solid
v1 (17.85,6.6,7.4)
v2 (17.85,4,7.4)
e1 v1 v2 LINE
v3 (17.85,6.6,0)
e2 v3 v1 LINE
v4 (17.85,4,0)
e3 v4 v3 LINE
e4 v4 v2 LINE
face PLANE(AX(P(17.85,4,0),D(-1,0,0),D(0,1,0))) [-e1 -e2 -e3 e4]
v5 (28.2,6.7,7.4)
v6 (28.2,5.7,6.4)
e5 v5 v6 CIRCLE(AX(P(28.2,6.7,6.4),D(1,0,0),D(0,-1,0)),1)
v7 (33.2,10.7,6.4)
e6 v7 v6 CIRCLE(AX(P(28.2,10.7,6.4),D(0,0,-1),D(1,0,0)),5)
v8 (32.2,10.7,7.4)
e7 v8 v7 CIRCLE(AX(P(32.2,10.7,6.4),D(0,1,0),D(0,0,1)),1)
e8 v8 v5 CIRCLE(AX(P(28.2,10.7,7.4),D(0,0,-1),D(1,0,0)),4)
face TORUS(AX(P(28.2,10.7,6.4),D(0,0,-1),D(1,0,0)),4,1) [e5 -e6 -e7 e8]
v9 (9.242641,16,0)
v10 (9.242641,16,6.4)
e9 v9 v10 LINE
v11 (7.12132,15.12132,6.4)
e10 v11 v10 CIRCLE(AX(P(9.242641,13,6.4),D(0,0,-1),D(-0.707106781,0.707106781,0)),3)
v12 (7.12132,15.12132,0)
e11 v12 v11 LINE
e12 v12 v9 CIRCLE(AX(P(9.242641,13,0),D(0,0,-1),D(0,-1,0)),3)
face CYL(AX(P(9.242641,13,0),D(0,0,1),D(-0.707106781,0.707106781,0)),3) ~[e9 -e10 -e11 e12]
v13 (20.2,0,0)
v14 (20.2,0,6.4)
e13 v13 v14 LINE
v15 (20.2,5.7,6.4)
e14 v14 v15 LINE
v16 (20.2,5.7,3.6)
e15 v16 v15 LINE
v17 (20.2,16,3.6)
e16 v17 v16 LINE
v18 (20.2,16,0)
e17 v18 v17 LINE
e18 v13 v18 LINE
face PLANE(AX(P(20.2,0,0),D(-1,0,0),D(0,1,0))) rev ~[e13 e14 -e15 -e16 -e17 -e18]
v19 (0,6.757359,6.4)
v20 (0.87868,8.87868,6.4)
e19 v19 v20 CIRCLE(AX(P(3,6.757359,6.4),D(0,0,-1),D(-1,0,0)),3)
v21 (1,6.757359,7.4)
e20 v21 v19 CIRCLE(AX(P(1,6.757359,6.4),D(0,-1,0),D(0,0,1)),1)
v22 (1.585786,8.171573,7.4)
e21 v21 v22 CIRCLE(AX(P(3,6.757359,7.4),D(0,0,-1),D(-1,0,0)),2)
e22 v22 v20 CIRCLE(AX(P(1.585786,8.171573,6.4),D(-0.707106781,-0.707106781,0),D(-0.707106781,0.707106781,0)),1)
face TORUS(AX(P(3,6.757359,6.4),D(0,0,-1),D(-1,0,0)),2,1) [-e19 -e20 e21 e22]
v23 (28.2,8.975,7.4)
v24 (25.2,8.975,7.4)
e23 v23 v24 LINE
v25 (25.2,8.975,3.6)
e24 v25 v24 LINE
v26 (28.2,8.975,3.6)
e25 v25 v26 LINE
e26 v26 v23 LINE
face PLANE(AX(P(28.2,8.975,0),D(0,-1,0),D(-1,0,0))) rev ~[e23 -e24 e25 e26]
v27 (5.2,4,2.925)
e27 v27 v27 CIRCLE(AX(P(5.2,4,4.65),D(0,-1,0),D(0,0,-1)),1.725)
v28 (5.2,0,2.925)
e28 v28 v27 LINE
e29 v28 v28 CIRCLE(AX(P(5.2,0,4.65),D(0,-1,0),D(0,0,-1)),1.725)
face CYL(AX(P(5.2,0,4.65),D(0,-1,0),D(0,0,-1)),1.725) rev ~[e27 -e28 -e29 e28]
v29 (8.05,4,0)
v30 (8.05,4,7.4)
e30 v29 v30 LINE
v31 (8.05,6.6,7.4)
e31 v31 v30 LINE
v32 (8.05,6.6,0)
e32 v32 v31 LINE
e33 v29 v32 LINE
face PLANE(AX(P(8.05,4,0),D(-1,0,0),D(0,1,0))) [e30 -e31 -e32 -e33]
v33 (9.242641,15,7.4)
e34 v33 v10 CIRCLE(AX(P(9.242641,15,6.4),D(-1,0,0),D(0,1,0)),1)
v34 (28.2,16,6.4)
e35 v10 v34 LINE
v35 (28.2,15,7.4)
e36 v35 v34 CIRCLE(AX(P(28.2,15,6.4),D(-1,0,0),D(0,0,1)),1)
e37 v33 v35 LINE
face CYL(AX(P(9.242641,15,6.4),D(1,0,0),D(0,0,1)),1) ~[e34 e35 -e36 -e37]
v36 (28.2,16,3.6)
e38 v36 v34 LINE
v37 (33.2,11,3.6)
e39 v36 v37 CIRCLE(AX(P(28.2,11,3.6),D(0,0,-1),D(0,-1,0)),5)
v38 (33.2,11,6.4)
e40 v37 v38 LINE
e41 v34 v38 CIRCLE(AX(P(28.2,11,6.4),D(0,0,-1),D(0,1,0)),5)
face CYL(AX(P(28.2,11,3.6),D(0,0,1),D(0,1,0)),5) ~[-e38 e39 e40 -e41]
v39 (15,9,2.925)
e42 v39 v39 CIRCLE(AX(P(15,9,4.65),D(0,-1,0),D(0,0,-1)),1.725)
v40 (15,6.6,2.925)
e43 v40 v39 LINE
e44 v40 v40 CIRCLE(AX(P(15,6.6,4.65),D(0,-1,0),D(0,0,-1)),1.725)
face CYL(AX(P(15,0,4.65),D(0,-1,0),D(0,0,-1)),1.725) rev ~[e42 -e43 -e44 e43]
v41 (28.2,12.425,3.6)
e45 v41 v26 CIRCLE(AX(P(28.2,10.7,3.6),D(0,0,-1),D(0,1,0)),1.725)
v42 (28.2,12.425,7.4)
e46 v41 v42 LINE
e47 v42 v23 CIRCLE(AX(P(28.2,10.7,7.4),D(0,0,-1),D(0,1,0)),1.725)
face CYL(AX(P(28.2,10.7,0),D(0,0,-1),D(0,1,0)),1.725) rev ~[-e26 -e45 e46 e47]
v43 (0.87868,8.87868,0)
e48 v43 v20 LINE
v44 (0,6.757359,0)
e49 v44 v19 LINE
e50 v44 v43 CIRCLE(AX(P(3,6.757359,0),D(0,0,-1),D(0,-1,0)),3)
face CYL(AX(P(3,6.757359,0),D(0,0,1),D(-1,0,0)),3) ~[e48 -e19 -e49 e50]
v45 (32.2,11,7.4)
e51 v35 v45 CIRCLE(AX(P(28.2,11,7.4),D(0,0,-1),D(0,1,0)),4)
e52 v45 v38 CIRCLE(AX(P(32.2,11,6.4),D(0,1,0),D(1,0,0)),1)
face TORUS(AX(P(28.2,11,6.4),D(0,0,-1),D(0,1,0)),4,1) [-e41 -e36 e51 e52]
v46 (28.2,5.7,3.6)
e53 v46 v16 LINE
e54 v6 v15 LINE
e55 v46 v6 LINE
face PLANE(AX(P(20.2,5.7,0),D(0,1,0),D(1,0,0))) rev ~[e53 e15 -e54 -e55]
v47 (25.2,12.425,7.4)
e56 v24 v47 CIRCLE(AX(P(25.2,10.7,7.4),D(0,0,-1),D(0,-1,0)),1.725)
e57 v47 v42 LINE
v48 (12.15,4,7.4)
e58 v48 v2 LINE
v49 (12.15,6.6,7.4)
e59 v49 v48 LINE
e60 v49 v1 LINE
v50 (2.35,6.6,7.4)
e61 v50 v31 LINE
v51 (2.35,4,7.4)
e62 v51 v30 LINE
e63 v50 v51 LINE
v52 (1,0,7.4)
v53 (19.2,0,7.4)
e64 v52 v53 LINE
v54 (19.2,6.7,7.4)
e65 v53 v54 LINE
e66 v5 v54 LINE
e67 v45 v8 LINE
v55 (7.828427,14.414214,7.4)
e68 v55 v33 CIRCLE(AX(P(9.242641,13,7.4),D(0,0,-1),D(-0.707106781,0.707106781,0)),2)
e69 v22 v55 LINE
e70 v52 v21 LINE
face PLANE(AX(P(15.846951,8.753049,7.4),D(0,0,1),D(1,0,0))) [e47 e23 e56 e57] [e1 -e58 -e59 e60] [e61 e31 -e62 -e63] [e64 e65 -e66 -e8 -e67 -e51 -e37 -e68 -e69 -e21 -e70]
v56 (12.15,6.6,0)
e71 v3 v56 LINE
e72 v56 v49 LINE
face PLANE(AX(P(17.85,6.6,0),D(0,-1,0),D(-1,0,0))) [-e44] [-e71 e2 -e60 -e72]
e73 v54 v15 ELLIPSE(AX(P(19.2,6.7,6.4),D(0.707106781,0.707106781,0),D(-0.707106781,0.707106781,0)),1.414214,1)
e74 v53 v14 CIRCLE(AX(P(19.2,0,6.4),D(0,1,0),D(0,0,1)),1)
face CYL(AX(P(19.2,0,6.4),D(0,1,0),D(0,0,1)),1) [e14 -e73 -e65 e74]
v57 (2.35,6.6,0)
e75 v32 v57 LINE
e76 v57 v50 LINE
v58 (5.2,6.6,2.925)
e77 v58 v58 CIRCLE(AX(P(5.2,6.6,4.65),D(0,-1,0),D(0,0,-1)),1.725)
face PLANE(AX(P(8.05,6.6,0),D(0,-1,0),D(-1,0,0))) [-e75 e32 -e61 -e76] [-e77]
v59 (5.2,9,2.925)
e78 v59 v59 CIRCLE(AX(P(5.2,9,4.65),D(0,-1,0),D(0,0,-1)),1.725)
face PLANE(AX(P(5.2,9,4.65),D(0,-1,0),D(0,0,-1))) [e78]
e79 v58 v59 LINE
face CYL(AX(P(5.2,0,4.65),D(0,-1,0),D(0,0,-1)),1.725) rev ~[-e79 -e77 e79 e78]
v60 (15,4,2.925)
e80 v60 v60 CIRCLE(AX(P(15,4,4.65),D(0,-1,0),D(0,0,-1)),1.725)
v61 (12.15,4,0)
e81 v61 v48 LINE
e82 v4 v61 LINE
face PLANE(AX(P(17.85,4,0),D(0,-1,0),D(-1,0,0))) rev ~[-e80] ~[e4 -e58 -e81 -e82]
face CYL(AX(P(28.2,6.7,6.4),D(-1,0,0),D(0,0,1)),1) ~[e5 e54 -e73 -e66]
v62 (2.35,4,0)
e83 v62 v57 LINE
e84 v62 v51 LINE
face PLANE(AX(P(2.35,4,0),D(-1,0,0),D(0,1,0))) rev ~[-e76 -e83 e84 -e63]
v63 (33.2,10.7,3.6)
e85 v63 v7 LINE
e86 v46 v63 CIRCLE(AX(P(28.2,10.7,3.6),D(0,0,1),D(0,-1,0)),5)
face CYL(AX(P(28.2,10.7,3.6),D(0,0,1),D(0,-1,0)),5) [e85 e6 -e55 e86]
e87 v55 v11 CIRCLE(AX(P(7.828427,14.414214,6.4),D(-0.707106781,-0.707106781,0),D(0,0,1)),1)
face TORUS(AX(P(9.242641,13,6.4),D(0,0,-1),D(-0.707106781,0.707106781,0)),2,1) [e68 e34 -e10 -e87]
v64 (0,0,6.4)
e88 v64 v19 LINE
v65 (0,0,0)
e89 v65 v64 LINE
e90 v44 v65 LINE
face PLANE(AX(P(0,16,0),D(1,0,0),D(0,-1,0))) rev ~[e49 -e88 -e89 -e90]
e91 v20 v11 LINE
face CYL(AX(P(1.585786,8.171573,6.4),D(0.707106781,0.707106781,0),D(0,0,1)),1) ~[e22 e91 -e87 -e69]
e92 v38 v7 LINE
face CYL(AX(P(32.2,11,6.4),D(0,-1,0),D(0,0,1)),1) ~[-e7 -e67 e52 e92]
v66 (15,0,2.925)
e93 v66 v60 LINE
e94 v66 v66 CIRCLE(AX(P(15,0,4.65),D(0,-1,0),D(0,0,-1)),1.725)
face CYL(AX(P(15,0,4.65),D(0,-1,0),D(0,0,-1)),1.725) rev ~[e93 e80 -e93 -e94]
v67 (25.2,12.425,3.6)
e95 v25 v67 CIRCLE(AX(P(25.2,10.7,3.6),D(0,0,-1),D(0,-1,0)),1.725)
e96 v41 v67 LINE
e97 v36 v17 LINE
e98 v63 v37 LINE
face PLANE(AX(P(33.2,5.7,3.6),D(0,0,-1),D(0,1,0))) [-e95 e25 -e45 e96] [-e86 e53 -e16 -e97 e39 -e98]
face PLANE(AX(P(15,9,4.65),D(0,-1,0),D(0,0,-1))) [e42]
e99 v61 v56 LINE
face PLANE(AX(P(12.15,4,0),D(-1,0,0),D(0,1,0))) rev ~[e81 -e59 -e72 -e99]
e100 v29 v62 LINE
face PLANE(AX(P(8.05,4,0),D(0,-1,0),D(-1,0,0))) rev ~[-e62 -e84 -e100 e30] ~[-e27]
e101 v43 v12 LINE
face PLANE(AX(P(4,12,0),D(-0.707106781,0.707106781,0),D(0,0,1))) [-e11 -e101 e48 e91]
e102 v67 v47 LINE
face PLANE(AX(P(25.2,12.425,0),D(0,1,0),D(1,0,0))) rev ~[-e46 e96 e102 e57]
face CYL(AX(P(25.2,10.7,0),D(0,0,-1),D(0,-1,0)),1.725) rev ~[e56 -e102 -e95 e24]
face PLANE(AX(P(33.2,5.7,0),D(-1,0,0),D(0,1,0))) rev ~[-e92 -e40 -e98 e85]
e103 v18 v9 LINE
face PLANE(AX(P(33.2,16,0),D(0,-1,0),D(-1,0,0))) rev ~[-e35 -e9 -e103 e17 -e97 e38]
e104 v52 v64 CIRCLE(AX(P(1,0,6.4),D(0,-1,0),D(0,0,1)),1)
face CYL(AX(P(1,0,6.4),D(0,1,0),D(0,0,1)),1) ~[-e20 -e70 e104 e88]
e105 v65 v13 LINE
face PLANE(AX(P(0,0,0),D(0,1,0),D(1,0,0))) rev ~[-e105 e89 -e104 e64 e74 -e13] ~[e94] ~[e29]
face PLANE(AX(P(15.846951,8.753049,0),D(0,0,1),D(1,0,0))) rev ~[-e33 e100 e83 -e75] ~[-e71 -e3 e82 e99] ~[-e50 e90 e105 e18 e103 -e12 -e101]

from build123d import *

# Parameters (mm, degrees)
BOSS_EXTRUDE1_DEPTH = 7.4
CUT_EXTRUDE5_REACH  = 39.59
SKETCH2_W           = 3.6
SKETCH2_H           = 10.3
SKETCH4_R           = 1.725
CUT_EXTRUDE3_DEPTH  = 9
SKETCH3_W           = 5.7
SKETCH3_H           = 2.6
CUT_EXTRUDE4_DEPTH  = 38.589892258
CHAMFER1_SIZE       = 8
FILLET4_R           = 3
FILLET5_R           = 5
FILLET6_R           = 1


with BuildPart() as part:
    # Sketch1 → Boss-Extrude1 (new body)
    with BuildSketch(Plane.XY):
        Polygon((0, 0), (20.2, 0), (20.2, 5.7), (33.2, 5.7), (33.2, 16), (0, 16), align=None)
        with BuildLine():
            Line((25.2, 12.425), (28.2, 12.425))
            ThreePointArc((28.2, 12.425), (29.925, 10.7), (28.2, 8.975))
            Line((28.2, 8.975), (25.2, 8.975))
            ThreePointArc((25.2, 8.975), (23.475, 10.7), (25.2, 12.425))
        make_face(mode=Mode.SUBTRACT)
    extrude(amount=BOSS_EXTRUDE1_DEPTH)

    # Cut-Extrude5: up to this face of the body (flat: up to its plane)
    cut_extrude5_end = Plane(part.part.faces().sort_by_distance((20.2, 2.85, 3.7))[0])
    # Sketch2 → Cut-Extrude5 (cut, up to the picked face)
    with BuildSketch(Plane(origin=(33.2, 0, 0), x_dir=(0, 0, -1), z_dir=(1, 0, 0)), mode=Mode.PRIVATE) as cut_extrude5_sk1:
        with Locations((-1.8, 10.85)):
            Rectangle(SKETCH2_W, SKETCH2_H)
    cut_extrude5_tool1 = split(extrude(cut_extrude5_sk1.sketch, amount=-CUT_EXTRUDE5_REACH, mode=Mode.PRIVATE), bisect_by=cut_extrude5_end, keep=Keep.BOTH, mode=Mode.PRIVATE)
    add(cut_extrude5_tool1.solids().sort_by(Axis((33.2, 10.85, 1.8), (-1, 0, 0)))[0], mode=Mode.SUBTRACT)

    # Sketch4 → Cut-Extrude3 (cut)
    with BuildSketch(Plane.XZ):
        with Locations(Location((15, 4.65, 0), (0, 0, 270))):
            Circle(SKETCH4_R)
        with Locations(Location((5.2, 4.65, 0), (0, 0, 270))):
            Circle(SKETCH4_R)
    extrude(amount=-CUT_EXTRUDE3_DEPTH, mode=Mode.SUBTRACT)

    # Sketch3 → Cut-Extrude4 (cut, through all)
    with BuildSketch(Plane(origin=(0, 0, 0), x_dir=(-1, 0, 0), z_dir=(0, 0, -1))):
        with Locations((-15, 5.3)):
            Rectangle(SKETCH3_W, SKETCH3_H)
        with Locations((-5.2, 5.3)):
            Rectangle(SKETCH3_W, SKETCH3_H)
    extrude(amount=-CUT_EXTRUDE4_DEPTH, mode=Mode.SUBTRACT)

    # Chamfer1
    chamfer1_edges = [part.edges().sort_by_distance(p)[0] for p in [
        (0, 16, 3.7),
    ]]
    chamfer(chamfer1_edges, length=CHAMFER1_SIZE)

    # Fillet4
    fillet4_edges = [part.edges().sort_by_distance(p)[0] for p in [
        (8, 16, 3.7),
        (0, 8, 3.7),
    ]]
    fillet(fillet4_edges, radius=FILLET4_R)

    # Fillet5
    fillet5_edges = [part.edges().sort_by_distance(p)[0] for p in [
        (33.2, 16, 5.5),
        (33.2, 5.7, 5.5),
    ]]
    fillet(fillet5_edges, radius=FILLET5_R)

    # Fillet6
    fillet6_edges = [part.edges().sort_by_distance(p)[0] for p in [
        (20.2, 2.85, 7.4),
        (4, 12, 7.4),
        (0, 3.378679656, 7.4),
        (0.228361402, 7.90540961, 7.4),
        (8.09459039, 15.771638598, 7.4),
        (33.2, 10.85, 7.4),
        (18.721320344, 16, 7.4),
        (31.735533906, 14.535533906, 7.4),
        (31.735533906, 7.164466094, 7.4),
        (24.2, 5.7, 7.4),
    ]]
    fillet(fillet6_edges, radius=FILLET6_R)


solid = part.part
